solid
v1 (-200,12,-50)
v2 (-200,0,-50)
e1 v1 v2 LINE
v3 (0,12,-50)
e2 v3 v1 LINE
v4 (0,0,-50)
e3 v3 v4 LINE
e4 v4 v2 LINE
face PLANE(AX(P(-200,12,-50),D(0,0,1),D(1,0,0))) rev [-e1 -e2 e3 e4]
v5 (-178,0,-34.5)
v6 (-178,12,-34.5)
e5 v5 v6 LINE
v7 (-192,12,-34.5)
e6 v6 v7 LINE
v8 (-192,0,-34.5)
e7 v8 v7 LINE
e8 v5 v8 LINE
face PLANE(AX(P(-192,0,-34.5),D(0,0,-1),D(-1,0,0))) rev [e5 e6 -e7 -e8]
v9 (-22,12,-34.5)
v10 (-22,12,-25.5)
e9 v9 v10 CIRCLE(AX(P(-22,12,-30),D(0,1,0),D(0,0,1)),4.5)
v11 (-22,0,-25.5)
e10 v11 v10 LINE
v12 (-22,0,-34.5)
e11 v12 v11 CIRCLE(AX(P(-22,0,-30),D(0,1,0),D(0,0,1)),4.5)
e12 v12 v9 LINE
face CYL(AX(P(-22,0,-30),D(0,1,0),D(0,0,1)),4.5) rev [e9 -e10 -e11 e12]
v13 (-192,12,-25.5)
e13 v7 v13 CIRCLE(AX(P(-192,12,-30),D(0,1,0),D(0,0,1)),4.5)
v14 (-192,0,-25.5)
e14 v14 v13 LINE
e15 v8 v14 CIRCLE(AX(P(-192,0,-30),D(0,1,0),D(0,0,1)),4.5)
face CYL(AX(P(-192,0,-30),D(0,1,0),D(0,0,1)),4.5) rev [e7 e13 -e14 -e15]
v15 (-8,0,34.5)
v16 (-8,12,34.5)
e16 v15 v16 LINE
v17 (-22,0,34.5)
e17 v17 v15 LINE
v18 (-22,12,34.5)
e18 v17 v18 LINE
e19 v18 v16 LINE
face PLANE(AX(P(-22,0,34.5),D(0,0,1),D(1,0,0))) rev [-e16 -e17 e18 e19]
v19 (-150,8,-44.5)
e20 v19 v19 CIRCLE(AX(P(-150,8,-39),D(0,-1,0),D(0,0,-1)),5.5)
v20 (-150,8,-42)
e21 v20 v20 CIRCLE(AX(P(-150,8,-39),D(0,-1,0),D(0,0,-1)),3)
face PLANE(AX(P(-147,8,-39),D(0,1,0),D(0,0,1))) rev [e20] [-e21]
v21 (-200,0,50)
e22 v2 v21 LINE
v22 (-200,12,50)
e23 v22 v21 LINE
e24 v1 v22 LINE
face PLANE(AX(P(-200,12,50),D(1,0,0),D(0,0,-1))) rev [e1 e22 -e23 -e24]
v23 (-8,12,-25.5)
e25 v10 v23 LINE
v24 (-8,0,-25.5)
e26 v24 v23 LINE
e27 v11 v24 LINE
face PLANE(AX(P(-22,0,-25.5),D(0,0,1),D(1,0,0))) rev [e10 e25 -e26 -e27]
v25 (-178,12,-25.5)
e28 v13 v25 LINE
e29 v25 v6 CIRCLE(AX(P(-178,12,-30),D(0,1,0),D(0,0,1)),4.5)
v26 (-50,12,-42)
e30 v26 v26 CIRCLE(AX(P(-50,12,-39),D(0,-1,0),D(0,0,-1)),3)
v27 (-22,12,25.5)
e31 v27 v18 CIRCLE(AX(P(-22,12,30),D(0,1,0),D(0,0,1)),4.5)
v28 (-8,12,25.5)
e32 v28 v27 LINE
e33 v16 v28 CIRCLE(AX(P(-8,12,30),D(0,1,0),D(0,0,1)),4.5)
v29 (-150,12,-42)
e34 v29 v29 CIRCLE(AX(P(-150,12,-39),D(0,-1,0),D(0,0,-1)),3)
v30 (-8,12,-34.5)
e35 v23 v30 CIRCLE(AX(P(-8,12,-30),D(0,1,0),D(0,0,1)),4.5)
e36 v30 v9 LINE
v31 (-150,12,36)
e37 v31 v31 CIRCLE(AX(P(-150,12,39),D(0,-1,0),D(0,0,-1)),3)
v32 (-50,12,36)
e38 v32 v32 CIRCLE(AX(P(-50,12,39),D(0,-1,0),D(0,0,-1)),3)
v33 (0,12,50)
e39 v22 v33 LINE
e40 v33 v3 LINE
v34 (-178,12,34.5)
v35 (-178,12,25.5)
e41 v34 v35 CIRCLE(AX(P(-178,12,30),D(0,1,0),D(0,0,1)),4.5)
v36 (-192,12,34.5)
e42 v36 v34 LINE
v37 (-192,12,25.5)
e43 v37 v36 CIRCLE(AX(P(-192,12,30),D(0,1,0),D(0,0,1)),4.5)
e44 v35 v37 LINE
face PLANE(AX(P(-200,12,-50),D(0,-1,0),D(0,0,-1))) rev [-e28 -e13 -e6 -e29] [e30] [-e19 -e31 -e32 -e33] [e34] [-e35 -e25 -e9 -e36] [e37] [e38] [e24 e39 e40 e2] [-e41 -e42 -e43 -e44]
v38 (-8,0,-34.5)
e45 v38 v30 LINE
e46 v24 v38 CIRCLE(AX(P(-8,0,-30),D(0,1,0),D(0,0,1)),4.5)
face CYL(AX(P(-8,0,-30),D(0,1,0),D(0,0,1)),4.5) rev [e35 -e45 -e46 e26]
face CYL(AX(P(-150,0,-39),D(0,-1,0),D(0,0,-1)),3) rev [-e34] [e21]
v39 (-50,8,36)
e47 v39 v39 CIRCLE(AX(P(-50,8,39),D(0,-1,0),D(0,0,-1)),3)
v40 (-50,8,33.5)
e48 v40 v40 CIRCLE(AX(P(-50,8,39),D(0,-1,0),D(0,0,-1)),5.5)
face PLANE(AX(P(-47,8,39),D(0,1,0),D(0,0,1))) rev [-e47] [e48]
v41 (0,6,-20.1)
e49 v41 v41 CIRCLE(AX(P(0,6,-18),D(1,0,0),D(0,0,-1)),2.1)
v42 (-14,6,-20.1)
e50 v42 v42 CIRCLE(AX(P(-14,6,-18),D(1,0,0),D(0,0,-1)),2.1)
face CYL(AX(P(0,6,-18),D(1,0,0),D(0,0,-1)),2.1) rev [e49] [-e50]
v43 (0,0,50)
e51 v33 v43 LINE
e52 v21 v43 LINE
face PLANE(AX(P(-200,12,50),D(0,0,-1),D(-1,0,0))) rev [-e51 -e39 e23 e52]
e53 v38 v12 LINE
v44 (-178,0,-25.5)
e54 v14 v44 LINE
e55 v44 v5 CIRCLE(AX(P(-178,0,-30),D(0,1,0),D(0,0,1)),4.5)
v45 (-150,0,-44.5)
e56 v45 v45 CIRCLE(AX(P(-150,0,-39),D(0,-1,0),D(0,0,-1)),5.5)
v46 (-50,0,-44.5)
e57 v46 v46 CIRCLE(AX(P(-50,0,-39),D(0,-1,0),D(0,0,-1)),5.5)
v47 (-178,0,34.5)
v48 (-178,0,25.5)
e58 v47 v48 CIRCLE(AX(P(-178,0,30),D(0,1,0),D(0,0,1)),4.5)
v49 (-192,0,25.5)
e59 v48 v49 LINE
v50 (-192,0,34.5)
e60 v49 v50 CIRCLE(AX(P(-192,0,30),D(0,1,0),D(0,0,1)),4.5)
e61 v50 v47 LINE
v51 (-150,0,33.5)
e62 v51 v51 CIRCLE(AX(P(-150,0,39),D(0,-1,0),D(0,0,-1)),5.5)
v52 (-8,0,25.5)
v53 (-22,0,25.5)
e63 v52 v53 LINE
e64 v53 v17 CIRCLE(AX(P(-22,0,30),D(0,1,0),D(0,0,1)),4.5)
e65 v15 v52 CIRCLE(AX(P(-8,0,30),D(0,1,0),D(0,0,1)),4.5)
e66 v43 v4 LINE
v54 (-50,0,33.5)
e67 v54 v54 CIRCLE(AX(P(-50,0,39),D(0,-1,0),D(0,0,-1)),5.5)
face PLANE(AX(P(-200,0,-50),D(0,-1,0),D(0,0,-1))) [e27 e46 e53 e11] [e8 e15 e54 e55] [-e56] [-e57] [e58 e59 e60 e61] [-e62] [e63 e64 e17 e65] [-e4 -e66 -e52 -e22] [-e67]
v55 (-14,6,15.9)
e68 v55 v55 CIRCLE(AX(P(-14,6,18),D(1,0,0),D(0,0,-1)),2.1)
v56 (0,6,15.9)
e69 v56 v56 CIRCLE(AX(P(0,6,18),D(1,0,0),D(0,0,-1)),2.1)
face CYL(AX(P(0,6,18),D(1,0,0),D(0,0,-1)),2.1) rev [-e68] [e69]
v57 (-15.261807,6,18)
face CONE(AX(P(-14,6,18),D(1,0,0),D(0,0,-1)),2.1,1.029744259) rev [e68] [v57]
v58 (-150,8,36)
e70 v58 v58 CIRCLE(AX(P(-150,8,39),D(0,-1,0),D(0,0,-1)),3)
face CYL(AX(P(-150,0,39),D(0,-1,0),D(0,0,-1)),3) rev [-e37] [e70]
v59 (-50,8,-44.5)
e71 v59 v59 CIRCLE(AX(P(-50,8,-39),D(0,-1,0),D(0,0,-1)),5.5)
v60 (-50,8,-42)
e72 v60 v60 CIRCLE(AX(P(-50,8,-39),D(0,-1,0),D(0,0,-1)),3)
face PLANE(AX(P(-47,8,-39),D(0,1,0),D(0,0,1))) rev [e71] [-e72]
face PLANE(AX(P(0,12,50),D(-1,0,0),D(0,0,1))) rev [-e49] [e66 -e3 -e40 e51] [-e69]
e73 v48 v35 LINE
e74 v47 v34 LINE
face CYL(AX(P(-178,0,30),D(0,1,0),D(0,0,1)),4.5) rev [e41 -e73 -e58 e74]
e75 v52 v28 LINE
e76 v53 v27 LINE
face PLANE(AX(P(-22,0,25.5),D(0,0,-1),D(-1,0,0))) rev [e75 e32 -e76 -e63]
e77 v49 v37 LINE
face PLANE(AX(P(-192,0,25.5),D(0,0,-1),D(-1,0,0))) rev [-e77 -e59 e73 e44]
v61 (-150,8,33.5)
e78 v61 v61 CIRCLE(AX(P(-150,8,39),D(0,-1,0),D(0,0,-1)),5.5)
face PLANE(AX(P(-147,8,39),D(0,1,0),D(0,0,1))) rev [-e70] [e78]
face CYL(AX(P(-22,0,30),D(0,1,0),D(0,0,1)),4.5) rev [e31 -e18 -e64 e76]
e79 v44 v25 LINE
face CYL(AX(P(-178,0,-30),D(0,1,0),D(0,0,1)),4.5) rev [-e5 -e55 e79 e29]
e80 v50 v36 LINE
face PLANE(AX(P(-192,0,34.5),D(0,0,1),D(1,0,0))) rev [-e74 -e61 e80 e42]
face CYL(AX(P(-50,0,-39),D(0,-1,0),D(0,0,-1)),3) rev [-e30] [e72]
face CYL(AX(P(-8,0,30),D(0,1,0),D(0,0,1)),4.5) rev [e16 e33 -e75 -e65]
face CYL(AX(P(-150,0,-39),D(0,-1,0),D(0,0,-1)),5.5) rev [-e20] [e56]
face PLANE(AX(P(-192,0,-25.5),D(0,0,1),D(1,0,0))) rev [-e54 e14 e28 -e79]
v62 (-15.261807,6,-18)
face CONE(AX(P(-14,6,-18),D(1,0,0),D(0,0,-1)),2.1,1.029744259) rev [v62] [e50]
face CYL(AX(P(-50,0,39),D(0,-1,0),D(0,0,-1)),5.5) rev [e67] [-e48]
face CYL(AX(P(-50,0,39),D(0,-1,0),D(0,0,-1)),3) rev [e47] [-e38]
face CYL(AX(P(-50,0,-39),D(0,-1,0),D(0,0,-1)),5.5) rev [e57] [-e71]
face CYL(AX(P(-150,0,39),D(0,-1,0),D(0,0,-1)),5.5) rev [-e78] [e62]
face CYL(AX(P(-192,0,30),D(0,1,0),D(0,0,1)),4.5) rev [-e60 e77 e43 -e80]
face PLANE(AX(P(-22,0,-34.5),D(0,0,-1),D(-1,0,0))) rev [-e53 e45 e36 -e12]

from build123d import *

# Parameters (mm, degrees)
SKETCH1_W                                       = 200
SKETCH1_H                                       = 100
BOSS_EXTRUDE1_DEPTH                             = 12
CUT_EXTRUDE1_DEPTH                              = 207.504237245
CBORE_FOR_M5_SOCKET_HEAD_CAP_SCREW1_D           = 6
CBORE_FOR_M5_SOCKET_HEAD_CAP_SCREW1_CBORE_D     = 11
CBORE_FOR_M5_SOCKET_HEAD_CAP_SCREW1_CBORE_DEPTH = 8
M5X0_8_TAPPED_HOLE1_D                           = 4.2
M5X0_8_TAPPED_HOLE1_DEPTH                       = 14
M5X0_8_TAPPED_HOLE1_TIP                         = 1.2618073


with BuildPart() as part:
    # Sketch1 → Boss-Extrude1 (new body)
    with BuildSketch(Plane(origin=(0, 0, 0), x_dir=(1, 0, 0), z_dir=(0, 1, 0))):
        with Locations((-100, 0)):
            Rectangle(SKETCH1_W, SKETCH1_H)
    extrude(amount=BOSS_EXTRUDE1_DEPTH)

    # Sketch2 → Cut-Extrude1 (cut, through all)
    with BuildSketch(Plane(origin=(0, 12, 0), x_dir=(1, 0, 0), z_dir=(0, 1, 0))):
        with BuildLine():
            Line((-192, -25.5), (-178, -25.5))
            ThreePointArc((-178, -25.5), (-173.5, -30), (-178, -34.5))
            Line((-178, -34.5), (-192, -34.5))
            ThreePointArc((-192, -34.5), (-196.5, -30), (-192, -25.5))
        make_face()
        with BuildLine():
            Line((-192, 34.5), (-178, 34.5))
            ThreePointArc((-178, 34.5), (-173.5, 30), (-178, 25.5))
            Line((-178, 25.5), (-192, 25.5))
            ThreePointArc((-192, 25.5), (-196.5, 30), (-192, 34.5))
        make_face()
        with BuildLine():
            Line((-22, 34.5), (-8, 34.5))
            ThreePointArc((-8, 34.5), (-3.5, 30), (-8, 25.5))
            Line((-8, 25.5), (-22, 25.5))
            ThreePointArc((-22, 25.5), (-26.5, 30), (-22, 34.5))
        make_face()
        with BuildLine():
            Line((-22, -25.5), (-8, -25.5))
            ThreePointArc((-8, -25.5), (-3.5, -30), (-8, -34.5))
            Line((-8, -34.5), (-22, -34.5))
            ThreePointArc((-22, -34.5), (-26.5, -30), (-22, -25.5))
        make_face()
    extrude(amount=-CUT_EXTRUDE1_DEPTH, mode=Mode.SUBTRACT)

    # CBORE for M5 Socket Head Cap Screw1 (through all)
    with Locations(Plane.XZ):
        with Locations((-150, 39), (-50, 39), (-150, -39), (-50, -39)):
            CounterBoreHole(CBORE_FOR_M5_SOCKET_HEAD_CAP_SCREW1_D / 2, CBORE_FOR_M5_SOCKET_HEAD_CAP_SCREW1_CBORE_D / 2, CBORE_FOR_M5_SOCKET_HEAD_CAP_SCREW1_CBORE_DEPTH)

    # M5x0.8 Tapped Hole1
    with Locations(Plane(origin=(0, 0, 0), x_dir=(0, 0, -1), z_dir=(1, 0, 0))):
        with Locations((18, 6), (-18, 6)):
            Hole(M5X0_8_TAPPED_HOLE1_D / 2, depth=M5X0_8_TAPPED_HOLE1_DEPTH)
            with Locations((0, 0, -(M5X0_8_TAPPED_HOLE1_DEPTH + M5X0_8_TAPPED_HOLE1_TIP / 2))):  # 118° drill point
                Cone(0, M5X0_8_TAPPED_HOLE1_D / 2, M5X0_8_TAPPED_HOLE1_TIP, mode=Mode.SUBTRACT)


solid = part.part
